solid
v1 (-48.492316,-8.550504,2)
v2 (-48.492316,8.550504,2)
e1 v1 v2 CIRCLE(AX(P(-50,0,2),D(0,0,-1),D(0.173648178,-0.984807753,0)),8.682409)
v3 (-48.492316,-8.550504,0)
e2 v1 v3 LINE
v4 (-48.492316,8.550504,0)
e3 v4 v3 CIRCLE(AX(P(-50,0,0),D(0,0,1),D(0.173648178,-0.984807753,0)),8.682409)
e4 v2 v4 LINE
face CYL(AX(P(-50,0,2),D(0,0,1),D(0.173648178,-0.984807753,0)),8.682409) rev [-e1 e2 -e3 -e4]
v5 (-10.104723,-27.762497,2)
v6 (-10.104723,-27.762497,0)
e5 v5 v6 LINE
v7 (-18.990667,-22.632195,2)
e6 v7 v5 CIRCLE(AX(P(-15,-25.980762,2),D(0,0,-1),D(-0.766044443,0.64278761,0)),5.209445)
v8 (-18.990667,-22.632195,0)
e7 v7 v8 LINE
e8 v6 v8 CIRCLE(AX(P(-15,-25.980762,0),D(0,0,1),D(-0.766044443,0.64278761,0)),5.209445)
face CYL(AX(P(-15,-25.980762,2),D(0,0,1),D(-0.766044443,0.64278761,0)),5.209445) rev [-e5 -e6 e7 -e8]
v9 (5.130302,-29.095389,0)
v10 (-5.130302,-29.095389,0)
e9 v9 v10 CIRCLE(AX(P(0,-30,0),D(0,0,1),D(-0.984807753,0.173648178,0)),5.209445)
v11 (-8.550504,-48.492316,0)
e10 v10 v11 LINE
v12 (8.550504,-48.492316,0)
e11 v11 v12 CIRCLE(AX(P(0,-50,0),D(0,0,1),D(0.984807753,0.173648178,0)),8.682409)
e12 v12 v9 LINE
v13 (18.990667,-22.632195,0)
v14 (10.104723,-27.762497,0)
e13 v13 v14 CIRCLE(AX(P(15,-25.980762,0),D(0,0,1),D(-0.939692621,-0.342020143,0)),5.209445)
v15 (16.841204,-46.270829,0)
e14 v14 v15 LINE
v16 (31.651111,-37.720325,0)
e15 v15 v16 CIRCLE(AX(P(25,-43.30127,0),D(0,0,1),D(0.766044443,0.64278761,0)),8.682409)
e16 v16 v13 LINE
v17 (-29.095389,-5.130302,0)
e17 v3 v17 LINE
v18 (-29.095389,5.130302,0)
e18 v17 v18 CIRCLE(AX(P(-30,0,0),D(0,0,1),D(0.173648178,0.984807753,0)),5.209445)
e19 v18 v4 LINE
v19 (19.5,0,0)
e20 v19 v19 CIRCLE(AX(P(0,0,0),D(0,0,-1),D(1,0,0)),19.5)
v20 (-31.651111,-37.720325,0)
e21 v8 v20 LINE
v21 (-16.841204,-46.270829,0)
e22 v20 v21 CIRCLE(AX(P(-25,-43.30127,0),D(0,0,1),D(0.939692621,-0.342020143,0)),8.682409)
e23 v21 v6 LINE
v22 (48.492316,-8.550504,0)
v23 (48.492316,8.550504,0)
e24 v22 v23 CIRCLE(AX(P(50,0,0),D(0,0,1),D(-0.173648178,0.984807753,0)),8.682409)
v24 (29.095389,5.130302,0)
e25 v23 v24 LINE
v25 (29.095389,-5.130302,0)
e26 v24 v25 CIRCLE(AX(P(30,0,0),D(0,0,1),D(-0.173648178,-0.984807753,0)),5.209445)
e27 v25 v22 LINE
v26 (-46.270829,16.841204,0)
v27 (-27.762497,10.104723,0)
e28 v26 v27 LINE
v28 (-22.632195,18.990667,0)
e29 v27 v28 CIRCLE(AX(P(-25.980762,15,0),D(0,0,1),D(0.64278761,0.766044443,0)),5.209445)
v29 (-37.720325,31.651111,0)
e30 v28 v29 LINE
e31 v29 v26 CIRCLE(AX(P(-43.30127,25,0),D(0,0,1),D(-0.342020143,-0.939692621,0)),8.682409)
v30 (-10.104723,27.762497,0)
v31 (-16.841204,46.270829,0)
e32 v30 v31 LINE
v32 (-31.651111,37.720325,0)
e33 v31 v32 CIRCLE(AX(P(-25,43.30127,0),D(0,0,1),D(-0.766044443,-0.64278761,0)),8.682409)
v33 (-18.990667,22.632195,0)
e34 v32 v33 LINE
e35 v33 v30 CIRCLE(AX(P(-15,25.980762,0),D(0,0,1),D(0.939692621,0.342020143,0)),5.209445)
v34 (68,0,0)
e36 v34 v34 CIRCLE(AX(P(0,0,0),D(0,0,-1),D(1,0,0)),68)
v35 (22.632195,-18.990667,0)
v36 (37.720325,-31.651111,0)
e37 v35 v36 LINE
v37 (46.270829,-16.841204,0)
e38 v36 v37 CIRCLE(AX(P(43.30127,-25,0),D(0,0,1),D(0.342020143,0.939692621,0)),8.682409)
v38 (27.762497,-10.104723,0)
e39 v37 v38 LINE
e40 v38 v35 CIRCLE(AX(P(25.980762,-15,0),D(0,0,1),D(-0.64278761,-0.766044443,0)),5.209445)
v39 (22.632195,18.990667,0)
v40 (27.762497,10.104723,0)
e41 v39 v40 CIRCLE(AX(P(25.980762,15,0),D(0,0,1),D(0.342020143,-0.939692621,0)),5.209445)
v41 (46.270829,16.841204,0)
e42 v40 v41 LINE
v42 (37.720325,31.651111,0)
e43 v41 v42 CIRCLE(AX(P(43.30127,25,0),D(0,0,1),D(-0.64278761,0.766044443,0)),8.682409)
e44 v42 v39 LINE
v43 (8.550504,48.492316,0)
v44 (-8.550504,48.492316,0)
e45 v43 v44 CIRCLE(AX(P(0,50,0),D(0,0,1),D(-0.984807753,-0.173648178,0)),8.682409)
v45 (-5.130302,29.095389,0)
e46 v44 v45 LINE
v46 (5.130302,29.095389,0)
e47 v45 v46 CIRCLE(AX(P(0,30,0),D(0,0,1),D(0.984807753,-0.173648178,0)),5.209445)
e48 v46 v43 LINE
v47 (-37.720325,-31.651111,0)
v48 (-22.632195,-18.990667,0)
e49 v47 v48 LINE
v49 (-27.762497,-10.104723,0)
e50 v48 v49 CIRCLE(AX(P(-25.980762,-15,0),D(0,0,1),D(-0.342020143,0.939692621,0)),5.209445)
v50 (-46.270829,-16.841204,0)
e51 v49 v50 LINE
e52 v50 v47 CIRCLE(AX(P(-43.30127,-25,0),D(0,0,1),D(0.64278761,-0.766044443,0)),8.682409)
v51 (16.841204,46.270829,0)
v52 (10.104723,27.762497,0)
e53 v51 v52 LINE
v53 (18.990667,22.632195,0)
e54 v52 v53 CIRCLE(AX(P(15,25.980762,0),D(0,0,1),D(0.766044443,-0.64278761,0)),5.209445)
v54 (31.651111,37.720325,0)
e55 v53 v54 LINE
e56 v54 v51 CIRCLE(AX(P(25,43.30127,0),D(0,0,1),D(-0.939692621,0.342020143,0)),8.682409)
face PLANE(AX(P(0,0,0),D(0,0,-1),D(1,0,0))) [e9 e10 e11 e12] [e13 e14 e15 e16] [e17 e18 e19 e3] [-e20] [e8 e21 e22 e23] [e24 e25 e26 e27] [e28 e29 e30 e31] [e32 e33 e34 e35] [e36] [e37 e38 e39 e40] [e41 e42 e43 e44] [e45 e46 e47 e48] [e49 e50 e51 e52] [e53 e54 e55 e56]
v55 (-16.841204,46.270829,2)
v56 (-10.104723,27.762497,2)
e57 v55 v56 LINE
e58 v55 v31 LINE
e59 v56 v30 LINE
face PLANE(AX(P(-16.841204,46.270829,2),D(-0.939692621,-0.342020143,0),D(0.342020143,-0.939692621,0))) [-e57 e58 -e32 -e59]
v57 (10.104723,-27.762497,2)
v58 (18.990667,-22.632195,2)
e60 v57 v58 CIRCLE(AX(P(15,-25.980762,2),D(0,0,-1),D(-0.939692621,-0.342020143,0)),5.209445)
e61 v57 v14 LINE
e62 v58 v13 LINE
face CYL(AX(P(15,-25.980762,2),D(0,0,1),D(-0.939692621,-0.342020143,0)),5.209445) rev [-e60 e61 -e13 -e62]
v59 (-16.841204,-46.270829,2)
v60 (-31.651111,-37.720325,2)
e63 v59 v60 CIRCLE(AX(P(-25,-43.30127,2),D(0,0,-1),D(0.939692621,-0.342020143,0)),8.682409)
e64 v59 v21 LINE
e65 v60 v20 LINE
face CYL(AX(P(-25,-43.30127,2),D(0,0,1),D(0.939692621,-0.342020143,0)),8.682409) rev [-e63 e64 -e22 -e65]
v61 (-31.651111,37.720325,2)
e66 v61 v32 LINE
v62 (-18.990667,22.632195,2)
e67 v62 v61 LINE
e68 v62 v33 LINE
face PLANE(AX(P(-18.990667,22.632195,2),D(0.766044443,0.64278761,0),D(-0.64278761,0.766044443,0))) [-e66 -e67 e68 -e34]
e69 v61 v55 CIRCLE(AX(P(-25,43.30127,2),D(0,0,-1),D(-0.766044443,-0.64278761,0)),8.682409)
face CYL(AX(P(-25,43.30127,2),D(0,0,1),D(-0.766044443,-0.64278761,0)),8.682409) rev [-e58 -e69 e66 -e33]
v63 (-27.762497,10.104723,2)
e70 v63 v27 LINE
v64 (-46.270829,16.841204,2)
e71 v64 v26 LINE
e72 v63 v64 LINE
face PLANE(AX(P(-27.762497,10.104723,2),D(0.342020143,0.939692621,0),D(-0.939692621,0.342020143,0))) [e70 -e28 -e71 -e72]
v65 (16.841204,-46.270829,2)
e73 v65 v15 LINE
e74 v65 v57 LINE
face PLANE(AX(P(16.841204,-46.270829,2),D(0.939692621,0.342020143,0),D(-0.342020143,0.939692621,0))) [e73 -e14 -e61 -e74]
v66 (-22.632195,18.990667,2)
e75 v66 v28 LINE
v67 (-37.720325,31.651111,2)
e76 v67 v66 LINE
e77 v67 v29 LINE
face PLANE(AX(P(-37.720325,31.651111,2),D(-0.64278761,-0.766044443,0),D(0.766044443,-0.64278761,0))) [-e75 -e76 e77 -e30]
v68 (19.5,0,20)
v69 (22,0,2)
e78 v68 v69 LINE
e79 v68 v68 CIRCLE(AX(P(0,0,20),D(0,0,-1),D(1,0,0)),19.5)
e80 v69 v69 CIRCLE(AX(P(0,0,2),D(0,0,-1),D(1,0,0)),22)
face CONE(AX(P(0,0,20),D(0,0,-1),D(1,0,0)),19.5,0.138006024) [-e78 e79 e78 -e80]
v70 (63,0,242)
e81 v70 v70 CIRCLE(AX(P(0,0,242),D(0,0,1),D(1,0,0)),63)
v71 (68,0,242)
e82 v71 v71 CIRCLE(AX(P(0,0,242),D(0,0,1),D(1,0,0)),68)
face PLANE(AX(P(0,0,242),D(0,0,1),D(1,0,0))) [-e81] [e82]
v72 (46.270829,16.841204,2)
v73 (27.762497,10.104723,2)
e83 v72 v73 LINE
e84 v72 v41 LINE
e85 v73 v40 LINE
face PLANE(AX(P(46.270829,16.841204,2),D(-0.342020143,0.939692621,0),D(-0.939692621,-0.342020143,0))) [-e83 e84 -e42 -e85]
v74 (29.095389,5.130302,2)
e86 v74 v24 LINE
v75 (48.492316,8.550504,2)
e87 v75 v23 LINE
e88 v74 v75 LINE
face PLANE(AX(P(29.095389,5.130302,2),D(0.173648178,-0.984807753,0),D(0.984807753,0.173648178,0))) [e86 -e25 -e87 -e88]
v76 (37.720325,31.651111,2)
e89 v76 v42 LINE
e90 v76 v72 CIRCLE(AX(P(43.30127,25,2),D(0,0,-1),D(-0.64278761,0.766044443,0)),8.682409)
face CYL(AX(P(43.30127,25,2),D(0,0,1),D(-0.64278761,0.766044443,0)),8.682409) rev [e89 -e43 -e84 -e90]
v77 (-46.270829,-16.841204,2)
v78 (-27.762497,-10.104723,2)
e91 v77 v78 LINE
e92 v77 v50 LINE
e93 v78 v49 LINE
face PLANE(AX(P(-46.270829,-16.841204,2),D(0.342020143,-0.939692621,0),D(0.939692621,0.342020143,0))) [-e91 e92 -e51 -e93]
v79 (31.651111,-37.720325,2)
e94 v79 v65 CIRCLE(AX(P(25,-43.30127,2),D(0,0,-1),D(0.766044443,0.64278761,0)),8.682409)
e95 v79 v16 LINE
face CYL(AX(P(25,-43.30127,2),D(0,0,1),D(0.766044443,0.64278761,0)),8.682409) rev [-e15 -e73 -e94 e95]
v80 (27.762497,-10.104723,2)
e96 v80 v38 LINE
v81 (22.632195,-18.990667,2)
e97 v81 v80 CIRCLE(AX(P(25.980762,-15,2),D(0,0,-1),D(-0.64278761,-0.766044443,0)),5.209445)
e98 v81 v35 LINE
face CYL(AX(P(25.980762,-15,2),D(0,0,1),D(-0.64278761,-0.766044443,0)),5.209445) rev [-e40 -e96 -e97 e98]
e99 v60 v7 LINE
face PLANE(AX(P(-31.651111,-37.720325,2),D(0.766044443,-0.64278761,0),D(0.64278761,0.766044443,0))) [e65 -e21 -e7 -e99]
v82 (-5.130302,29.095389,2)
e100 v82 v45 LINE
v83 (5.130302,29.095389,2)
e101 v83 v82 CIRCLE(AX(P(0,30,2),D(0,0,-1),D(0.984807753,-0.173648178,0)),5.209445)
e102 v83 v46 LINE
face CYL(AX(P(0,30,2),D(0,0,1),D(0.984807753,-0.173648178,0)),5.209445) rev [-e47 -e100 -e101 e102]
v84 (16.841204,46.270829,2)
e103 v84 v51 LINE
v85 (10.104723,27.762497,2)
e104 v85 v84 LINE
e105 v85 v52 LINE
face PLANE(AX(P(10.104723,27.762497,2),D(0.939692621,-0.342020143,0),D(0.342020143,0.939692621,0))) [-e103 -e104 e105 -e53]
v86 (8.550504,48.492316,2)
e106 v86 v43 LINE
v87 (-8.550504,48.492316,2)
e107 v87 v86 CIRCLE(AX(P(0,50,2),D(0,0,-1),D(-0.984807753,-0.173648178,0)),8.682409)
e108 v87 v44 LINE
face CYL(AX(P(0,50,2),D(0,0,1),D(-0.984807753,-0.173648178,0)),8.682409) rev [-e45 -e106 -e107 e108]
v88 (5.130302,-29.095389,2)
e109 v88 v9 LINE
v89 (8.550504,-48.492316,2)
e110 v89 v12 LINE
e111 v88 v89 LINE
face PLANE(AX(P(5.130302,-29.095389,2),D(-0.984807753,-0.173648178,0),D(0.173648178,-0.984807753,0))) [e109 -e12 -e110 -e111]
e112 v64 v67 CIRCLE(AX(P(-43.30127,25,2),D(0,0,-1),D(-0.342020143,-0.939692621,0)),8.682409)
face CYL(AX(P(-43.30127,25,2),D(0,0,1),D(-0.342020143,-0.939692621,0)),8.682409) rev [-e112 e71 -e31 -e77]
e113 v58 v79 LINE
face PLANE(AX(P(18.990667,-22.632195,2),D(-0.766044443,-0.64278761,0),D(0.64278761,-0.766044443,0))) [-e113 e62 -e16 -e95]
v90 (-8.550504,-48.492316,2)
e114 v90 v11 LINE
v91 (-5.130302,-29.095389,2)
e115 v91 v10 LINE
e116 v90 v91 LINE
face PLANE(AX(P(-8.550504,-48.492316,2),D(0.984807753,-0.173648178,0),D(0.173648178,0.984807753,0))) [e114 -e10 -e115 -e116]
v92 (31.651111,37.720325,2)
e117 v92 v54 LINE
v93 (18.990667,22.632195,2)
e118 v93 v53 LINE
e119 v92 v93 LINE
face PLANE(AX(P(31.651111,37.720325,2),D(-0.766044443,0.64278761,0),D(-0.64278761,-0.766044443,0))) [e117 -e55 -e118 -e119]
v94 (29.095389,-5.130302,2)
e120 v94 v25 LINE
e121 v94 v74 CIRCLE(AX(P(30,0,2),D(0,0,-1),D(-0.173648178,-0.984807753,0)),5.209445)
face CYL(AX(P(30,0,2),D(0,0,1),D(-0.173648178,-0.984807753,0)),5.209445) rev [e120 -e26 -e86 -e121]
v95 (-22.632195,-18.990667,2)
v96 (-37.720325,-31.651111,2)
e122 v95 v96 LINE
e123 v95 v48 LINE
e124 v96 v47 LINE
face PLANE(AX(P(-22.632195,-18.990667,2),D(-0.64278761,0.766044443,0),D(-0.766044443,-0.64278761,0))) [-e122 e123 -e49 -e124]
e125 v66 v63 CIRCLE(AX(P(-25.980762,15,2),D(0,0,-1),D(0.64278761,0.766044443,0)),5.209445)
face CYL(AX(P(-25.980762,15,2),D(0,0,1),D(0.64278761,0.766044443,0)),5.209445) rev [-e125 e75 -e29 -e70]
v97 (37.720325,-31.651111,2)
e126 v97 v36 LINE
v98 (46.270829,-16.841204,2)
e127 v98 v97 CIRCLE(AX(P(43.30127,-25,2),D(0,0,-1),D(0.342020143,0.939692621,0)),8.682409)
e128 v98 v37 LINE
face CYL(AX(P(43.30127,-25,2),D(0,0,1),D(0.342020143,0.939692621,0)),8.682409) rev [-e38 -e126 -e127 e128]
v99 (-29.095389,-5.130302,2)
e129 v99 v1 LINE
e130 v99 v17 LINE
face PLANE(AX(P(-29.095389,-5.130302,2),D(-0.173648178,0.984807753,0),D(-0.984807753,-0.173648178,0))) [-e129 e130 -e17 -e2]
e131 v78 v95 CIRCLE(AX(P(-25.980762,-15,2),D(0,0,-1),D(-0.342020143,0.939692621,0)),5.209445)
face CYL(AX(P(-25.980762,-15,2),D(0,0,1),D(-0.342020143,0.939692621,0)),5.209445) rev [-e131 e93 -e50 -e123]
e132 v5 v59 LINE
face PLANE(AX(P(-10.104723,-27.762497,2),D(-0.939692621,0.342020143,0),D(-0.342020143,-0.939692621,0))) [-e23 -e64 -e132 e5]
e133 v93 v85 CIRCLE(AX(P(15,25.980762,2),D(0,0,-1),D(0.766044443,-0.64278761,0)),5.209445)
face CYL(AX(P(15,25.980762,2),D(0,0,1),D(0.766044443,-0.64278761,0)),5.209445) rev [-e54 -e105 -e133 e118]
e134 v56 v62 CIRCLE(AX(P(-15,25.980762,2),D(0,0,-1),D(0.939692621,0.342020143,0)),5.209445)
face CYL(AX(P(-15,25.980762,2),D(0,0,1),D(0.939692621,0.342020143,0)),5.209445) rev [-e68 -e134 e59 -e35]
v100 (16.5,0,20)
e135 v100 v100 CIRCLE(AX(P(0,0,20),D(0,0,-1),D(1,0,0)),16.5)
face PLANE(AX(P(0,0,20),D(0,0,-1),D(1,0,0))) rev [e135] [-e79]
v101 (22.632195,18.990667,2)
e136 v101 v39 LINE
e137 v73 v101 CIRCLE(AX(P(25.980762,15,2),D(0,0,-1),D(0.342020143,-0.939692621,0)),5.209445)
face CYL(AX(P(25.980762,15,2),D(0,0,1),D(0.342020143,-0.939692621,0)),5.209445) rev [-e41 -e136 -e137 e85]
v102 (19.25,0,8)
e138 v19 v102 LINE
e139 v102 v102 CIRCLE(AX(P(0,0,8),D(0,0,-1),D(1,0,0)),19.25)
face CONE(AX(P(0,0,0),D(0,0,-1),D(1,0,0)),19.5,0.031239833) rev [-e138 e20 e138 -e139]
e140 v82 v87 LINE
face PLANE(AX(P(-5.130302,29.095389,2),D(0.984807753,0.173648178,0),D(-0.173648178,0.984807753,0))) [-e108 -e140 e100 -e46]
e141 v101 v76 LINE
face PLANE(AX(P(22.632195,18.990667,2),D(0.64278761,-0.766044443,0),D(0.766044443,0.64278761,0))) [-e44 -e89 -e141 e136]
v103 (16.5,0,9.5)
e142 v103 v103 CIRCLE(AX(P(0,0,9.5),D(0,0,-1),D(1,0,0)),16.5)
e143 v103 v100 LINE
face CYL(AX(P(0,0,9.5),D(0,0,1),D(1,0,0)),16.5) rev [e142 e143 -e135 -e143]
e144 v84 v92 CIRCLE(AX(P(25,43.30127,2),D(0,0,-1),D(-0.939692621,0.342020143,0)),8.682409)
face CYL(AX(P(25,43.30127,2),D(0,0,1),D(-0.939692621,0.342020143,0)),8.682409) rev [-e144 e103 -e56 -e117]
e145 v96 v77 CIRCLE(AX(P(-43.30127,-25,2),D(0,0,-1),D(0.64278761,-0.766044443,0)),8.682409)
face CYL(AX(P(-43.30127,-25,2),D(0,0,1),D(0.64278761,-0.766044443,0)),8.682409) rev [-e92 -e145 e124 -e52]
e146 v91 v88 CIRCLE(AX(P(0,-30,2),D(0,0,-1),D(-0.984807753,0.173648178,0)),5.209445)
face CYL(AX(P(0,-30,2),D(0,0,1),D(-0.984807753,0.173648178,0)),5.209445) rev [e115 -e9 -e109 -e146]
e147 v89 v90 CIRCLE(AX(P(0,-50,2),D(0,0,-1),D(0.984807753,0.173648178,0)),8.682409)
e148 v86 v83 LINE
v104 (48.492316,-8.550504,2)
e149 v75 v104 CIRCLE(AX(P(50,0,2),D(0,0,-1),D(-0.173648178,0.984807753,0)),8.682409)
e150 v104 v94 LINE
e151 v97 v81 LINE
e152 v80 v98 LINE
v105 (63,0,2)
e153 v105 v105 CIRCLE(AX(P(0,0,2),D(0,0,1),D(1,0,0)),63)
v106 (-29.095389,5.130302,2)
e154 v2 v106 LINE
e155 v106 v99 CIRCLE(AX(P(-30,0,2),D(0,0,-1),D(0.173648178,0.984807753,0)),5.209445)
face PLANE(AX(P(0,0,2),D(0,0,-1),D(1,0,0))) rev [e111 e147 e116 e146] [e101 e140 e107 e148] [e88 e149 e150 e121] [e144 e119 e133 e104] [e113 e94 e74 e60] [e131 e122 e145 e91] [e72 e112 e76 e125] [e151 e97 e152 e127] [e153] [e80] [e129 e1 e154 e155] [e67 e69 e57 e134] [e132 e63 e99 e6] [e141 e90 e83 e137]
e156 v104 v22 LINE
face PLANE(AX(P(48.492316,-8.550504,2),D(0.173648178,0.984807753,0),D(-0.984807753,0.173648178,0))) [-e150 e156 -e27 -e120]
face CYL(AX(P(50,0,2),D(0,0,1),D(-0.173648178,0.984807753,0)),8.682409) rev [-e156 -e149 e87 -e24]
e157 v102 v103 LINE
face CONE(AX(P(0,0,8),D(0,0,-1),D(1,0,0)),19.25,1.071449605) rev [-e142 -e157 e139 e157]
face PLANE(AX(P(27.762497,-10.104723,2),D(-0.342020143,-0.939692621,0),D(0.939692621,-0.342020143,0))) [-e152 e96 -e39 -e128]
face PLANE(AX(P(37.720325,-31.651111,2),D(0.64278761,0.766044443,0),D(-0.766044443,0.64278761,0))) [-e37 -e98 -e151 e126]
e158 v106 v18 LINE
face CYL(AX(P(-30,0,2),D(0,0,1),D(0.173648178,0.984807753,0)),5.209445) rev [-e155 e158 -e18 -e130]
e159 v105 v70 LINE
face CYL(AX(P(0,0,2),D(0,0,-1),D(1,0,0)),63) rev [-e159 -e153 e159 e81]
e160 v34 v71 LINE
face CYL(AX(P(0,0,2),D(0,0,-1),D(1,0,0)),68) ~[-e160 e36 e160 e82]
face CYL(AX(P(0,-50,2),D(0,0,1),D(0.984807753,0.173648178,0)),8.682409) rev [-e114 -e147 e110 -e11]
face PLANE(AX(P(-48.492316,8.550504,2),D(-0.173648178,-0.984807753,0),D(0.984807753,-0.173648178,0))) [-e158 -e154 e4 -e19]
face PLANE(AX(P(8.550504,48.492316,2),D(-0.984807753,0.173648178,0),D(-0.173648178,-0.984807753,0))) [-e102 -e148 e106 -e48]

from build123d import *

# Parameters (mm, degrees)
RING_1MM_R          = 68
RING_1MM_R_2        = 63
BOSS_EXTRUDE1_DEPTH = 240
CUT_EXTRUDE2_DEPTH  = 240


with BuildPart() as part:
    # Sketch1 → Revolve1 (revolve)
    with BuildSketch(Plane(origin=(0, 0, 0), x_dir=(-1, 0, 0), z_dir=(0, 1, 0)), mode=Mode.PRIVATE) as revolve1_sk:
        Polygon((19.5, 0), (19.25, 8), (16.5, 9.5), (16.5, 20), (19.5, 20), (22, 2), (68, 2), (68, 0), align=None)
    revolve(revolve1_sk.sketch.rotate(Axis((0, 0, 20), (0, 0, -1)), 180), axis=Axis((0, 0, 20), (0, 0, -1)))

    # ring-1mm → Boss-Extrude1 (add)
    with BuildSketch(Plane.XY.offset(2)):
        Circle(RING_1MM_R)
        Circle(RING_1MM_R_2, mode=Mode.SUBTRACT)
    extrude(amount=BOSS_EXTRUDE1_DEPTH)

    # Sketch3-base-openings → Cut-Extrude2 (cut)
    with BuildSketch(Plane.XY.offset(2)):
        with BuildLine():
            Line((29.095389312, 5.13030215), (48.49231552, 8.550503583))
            ThreePointArc((48.49231552, 8.550503583), (58.682408883, 0), (48.49231552, -8.550503583))
            Line((48.49231552, -8.550503583), (29.095389312, -5.13030215))
            ThreePointArc((29.095389312, -5.13030215), (24.79055467, 0), (29.095389312, 5.13030215))
        make_face()
        with BuildLine():
            Line((27.762497352, -10.104722665), (46.27082892, -16.841204442))
            ThreePointArc((46.27082892, -16.841204442), (50.820456848, -29.341204442), (37.720325337, -31.651111078))
            Line((37.720325337, -31.651111078), (22.632195202, -18.990666647))
            ThreePointArc((22.632195202, -18.990666647), (21.469250118, -12.395277335), (27.762497352, -10.104722665))
        make_face()
        with BuildLine():
            Line((18.990666647, -22.632195202), (31.651111078, -37.720325337))
            ThreePointArc((31.651111078, -37.720325337), (29.341204442, -50.820456848), (16.841204442, -46.27082892))
            Line((16.841204442, -46.27082892), (10.104722665, -27.762497352))
            ThreePointArc((10.104722665, -27.762497352), (12.395277335, -21.469250118), (18.990666647, -22.632195202))
        make_face()
        with BuildLine():
            Line((5.13030215, -29.095389312), (8.550503583, -48.49231552))
            ThreePointArc((8.550503583, -48.49231552), (0, -58.682408883), (-8.550503583, -48.49231552))
            Line((-8.550503583, -48.49231552), (-5.13030215, -29.095389312))
            ThreePointArc((-5.13030215, -29.095389312), (0, -24.79055467), (5.13030215, -29.095389312))
        make_face()
        with BuildLine():
            Line((-10.104722665, -27.762497352), (-16.841204442, -46.27082892))
            ThreePointArc((-16.841204442, -46.27082892), (-29.341204442, -50.820456848), (-31.651111078, -37.720325337))
            Line((-31.651111078, -37.720325337), (-18.990666647, -22.632195202))
            ThreePointArc((-18.990666647, -22.632195202), (-12.395277335, -21.469250118), (-10.104722665, -27.762497352))
        make_face()
        with BuildLine():
            Line((-22.632195202, -18.990666647), (-37.720325337, -31.651111078))
            ThreePointArc((-37.720325337, -31.651111078), (-50.820456848, -29.341204442), (-46.27082892, -16.841204442))
            Line((-46.27082892, -16.841204442), (-27.762497352, -10.104722665))
            ThreePointArc((-27.762497352, -10.104722665), (-21.469250118, -12.395277335), (-22.632195202, -18.990666647))
        make_face()
        with BuildLine():
            Line((-29.095389312, -5.13030215), (-48.49231552, -8.550503583))
            ThreePointArc((-48.49231552, -8.550503583), (-58.682408883, 0), (-48.49231552, 8.550503583))
            Line((-48.49231552, 8.550503583), (-29.095389312, 5.13030215))
            ThreePointArc((-29.095389312, 5.13030215), (-24.79055467, 0), (-29.095389312, -5.13030215))
        make_face()
        with BuildLine():
            Line((-27.762497352, 10.104722665), (-46.27082892, 16.841204442))
            ThreePointArc((-46.27082892, 16.841204442), (-50.820456848, 29.341204442), (-37.720325337, 31.651111078))
            Line((-37.720325337, 31.651111078), (-22.632195202, 18.990666647))
            ThreePointArc((-22.632195202, 18.990666647), (-21.469250118, 12.395277335), (-27.762497352, 10.104722665))
        make_face()
        with BuildLine():
            Line((-18.990666647, 22.632195202), (-31.651111078, 37.720325337))
            ThreePointArc((-31.651111078, 37.720325337), (-29.341204442, 50.820456848), (-16.841204442, 46.27082892))
            Line((-16.841204442, 46.27082892), (-10.104722665, 27.762497352))
            ThreePointArc((-10.104722665, 27.762497352), (-12.395277335, 21.469250118), (-18.990666647, 22.632195202))
        make_face()
        with BuildLine():
            Line((-5.13030215, 29.095389312), (-8.550503583, 48.49231552))
            ThreePointArc((-8.550503583, 48.49231552), (0, 58.682408883), (8.550503583, 48.49231552))
            Line((8.550503583, 48.49231552), (5.13030215, 29.095389312))
            ThreePointArc((5.13030215, 29.095389312), (0, 24.79055467), (-5.13030215, 29.095389312))
        make_face()
        with BuildLine():
            Line((10.104722665, 27.762497352), (16.841204442, 46.27082892))
            ThreePointArc((16.841204442, 46.27082892), (29.341204442, 50.820456848), (31.651111078, 37.720325337))
            Line((31.651111078, 37.720325337), (18.990666647, 22.632195202))
            ThreePointArc((18.990666647, 22.632195202), (12.395277335, 21.469250118), (10.104722665, 27.762497352))
        make_face()
        with BuildLine():
            Line((22.632195202, 18.990666647), (37.720325337, 31.651111078))
            ThreePointArc((37.720325337, 31.651111078), (50.820456848, 29.341204442), (46.27082892, 16.841204442))
            Line((46.27082892, 16.841204442), (27.762497352, 10.104722665))
            ThreePointArc((27.762497352, 10.104722665), (21.469250118, 12.395277335), (22.632195202, 18.990666647))
        make_face()
    extrude(amount=-CUT_EXTRUDE2_DEPTH, mode=Mode.SUBTRACT)


solid = part.part
